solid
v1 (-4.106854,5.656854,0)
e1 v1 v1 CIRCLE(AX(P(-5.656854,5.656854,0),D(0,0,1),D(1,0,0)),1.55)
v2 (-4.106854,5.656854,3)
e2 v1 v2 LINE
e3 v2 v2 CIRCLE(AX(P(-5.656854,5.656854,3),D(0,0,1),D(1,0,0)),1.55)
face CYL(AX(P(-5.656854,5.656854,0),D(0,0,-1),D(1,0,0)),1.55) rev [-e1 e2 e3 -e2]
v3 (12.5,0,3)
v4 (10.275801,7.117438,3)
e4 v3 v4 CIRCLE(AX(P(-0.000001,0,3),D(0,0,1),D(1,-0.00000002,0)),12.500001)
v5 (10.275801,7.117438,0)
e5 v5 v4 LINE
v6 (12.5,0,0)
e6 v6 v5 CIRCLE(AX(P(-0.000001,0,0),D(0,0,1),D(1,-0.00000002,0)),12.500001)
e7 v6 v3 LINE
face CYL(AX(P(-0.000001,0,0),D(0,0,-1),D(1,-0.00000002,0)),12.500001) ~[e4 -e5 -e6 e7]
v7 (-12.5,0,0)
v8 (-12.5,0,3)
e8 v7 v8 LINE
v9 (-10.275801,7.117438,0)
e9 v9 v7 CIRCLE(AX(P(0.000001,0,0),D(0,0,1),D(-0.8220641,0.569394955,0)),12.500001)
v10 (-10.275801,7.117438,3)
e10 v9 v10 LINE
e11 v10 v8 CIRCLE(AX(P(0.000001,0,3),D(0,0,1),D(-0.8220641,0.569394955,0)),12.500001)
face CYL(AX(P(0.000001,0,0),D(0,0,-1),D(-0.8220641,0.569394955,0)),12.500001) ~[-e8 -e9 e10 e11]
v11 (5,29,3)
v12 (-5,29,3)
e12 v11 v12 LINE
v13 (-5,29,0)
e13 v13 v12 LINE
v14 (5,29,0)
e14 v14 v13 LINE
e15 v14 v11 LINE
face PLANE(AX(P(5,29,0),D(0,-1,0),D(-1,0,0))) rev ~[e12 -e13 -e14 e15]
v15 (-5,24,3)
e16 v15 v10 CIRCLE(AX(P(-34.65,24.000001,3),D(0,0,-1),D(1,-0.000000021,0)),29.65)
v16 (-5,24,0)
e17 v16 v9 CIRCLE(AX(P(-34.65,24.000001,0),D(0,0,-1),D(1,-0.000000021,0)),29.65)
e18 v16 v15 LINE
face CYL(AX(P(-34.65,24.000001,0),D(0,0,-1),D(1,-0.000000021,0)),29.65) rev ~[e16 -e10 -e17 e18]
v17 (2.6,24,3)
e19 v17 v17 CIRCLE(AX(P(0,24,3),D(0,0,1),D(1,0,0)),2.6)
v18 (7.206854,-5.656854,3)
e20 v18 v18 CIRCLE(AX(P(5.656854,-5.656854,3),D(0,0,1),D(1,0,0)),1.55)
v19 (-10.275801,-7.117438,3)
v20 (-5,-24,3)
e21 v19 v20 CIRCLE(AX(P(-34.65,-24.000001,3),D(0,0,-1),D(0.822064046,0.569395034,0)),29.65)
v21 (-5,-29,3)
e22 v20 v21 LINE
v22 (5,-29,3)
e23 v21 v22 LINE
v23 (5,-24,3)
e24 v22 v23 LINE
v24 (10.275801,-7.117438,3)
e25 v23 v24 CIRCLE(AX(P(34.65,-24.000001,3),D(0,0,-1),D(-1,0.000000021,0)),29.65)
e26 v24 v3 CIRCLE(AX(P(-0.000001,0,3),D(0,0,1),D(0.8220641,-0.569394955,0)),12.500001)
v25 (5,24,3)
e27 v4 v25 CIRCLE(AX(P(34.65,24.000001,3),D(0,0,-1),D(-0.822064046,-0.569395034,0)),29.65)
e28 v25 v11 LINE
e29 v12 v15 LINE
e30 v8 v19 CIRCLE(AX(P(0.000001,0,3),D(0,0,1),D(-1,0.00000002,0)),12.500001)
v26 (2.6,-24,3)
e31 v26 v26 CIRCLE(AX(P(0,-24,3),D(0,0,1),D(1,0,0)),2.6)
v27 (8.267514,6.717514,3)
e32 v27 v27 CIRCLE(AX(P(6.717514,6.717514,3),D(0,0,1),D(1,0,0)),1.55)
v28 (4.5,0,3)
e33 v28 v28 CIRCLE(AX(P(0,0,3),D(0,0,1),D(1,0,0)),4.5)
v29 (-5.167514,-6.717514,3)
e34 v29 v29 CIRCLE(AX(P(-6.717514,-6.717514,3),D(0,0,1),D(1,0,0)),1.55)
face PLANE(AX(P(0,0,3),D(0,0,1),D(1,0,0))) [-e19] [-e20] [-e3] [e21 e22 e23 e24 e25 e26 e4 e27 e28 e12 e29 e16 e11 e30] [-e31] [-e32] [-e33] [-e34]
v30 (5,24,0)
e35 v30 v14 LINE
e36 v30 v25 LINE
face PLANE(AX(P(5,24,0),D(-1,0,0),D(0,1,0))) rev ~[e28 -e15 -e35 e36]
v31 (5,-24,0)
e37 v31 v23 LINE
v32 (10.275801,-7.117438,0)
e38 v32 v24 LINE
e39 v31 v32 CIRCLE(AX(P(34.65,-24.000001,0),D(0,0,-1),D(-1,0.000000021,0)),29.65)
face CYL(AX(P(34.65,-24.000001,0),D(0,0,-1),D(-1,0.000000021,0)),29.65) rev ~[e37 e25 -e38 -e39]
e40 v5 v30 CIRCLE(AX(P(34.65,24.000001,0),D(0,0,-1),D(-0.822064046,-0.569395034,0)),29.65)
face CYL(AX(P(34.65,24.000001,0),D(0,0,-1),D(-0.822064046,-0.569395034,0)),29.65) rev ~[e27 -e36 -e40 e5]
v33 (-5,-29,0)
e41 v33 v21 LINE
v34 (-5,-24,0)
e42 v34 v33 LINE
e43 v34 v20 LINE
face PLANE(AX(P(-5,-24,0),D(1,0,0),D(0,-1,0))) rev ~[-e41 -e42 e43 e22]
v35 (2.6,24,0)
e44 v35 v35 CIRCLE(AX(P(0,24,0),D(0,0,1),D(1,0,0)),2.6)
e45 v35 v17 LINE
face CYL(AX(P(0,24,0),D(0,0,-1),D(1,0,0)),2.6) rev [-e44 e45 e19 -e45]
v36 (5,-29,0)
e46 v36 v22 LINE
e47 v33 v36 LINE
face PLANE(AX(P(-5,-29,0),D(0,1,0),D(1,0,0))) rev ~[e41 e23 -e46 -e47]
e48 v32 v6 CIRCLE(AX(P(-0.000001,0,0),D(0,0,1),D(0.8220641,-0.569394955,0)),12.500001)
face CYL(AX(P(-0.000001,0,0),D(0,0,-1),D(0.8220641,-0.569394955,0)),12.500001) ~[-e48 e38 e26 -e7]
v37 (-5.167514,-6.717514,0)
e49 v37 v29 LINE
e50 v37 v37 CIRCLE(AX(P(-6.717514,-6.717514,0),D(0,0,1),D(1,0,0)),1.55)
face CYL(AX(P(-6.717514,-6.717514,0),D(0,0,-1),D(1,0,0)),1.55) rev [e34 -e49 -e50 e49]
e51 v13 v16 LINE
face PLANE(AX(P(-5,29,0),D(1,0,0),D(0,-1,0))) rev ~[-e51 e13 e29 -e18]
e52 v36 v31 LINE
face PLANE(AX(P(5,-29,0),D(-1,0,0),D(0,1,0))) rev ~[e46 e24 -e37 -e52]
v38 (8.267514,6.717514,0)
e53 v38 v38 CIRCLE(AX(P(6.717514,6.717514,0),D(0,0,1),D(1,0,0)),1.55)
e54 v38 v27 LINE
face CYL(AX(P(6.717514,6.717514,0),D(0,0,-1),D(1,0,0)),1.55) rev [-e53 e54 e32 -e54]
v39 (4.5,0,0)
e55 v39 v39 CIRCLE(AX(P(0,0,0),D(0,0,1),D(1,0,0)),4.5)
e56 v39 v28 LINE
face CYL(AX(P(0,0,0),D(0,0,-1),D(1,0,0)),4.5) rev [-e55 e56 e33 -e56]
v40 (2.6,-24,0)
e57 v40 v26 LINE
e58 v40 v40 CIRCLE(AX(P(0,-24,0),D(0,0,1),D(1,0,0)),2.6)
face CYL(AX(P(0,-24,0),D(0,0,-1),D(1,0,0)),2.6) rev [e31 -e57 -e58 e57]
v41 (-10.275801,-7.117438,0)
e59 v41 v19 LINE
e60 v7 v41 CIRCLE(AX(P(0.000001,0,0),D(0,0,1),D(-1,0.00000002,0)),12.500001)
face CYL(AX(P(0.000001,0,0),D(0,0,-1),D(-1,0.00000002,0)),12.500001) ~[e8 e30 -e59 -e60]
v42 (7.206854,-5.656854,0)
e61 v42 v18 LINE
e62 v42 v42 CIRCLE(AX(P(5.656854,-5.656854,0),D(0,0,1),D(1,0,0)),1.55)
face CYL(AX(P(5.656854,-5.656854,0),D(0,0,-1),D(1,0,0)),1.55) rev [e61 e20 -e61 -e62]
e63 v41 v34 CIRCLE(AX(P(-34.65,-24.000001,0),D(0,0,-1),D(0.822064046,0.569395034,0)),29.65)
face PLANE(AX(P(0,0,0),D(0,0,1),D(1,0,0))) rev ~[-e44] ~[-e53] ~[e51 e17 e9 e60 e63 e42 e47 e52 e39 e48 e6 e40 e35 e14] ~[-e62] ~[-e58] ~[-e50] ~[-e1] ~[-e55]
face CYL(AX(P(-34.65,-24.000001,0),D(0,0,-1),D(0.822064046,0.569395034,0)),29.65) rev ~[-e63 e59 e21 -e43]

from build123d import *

# Parameters (mm, degrees)
F0_R     = 1.55
F0_R_2   = 2.6
F0_R_3   = 4.5
F1_DEPTH = 3


with BuildPart() as f1:
    # F0 (on Top) → F1 (new body)
    with BuildSketch(Plane.XY):
        with BuildLine():
            ThreePointArc((-5, 24), (-6.349669, 15.156146), (-10.275801, 7.117438))
            ThreePointArc((-10.275801, 7.117438), (-11.931, 3.728437), (-12.5, 0))
            ThreePointArc((-12.5, 0), (-11.931, -3.728437), (-10.275801, -7.117438))
            ThreePointArc((-10.275801, -7.117438), (-6.349669, -15.156146), (-5, -24))
            Line((-5, -24), (-5, -29))
            Line((-5, -29), (5, -29))
            Line((5, -29), (5, -24))
            ThreePointArc((5, -24), (6.349669, -15.156146), (10.275801, -7.117438))
            ThreePointArc((10.275801, -7.117438), (11.931, -3.728437), (12.5, 0))
            ThreePointArc((12.5, 0), (11.931, 3.728437), (10.275801, 7.117438))
            ThreePointArc((10.275801, 7.117438), (6.349669, 15.156146), (5, 24))
            Line((5, 24), (5, 29))
            Line((5, 29), (-5, 29))
            Line((-5, 29), (-5, 24))
        make_face()
        with Locations((-6.717514, -6.717514)):
            Circle(F0_R, mode=Mode.SUBTRACT)
        with Locations((0, -24)):
            Circle(F0_R_2, mode=Mode.SUBTRACT)
        with Locations((5.656854, -5.656854)):
            Circle(F0_R, mode=Mode.SUBTRACT)
        with Locations((-5.656854, 5.656854)):
            Circle(F0_R, mode=Mode.SUBTRACT)
        Circle(F0_R_3, mode=Mode.SUBTRACT)
        with Locations((6.717514, 6.717514)):
            Circle(F0_R, mode=Mode.SUBTRACT)
        with Locations((0, 24)):
            Circle(F0_R_2, mode=Mode.SUBTRACT)
    extrude(amount=F1_DEPTH)


solid = f1.part
